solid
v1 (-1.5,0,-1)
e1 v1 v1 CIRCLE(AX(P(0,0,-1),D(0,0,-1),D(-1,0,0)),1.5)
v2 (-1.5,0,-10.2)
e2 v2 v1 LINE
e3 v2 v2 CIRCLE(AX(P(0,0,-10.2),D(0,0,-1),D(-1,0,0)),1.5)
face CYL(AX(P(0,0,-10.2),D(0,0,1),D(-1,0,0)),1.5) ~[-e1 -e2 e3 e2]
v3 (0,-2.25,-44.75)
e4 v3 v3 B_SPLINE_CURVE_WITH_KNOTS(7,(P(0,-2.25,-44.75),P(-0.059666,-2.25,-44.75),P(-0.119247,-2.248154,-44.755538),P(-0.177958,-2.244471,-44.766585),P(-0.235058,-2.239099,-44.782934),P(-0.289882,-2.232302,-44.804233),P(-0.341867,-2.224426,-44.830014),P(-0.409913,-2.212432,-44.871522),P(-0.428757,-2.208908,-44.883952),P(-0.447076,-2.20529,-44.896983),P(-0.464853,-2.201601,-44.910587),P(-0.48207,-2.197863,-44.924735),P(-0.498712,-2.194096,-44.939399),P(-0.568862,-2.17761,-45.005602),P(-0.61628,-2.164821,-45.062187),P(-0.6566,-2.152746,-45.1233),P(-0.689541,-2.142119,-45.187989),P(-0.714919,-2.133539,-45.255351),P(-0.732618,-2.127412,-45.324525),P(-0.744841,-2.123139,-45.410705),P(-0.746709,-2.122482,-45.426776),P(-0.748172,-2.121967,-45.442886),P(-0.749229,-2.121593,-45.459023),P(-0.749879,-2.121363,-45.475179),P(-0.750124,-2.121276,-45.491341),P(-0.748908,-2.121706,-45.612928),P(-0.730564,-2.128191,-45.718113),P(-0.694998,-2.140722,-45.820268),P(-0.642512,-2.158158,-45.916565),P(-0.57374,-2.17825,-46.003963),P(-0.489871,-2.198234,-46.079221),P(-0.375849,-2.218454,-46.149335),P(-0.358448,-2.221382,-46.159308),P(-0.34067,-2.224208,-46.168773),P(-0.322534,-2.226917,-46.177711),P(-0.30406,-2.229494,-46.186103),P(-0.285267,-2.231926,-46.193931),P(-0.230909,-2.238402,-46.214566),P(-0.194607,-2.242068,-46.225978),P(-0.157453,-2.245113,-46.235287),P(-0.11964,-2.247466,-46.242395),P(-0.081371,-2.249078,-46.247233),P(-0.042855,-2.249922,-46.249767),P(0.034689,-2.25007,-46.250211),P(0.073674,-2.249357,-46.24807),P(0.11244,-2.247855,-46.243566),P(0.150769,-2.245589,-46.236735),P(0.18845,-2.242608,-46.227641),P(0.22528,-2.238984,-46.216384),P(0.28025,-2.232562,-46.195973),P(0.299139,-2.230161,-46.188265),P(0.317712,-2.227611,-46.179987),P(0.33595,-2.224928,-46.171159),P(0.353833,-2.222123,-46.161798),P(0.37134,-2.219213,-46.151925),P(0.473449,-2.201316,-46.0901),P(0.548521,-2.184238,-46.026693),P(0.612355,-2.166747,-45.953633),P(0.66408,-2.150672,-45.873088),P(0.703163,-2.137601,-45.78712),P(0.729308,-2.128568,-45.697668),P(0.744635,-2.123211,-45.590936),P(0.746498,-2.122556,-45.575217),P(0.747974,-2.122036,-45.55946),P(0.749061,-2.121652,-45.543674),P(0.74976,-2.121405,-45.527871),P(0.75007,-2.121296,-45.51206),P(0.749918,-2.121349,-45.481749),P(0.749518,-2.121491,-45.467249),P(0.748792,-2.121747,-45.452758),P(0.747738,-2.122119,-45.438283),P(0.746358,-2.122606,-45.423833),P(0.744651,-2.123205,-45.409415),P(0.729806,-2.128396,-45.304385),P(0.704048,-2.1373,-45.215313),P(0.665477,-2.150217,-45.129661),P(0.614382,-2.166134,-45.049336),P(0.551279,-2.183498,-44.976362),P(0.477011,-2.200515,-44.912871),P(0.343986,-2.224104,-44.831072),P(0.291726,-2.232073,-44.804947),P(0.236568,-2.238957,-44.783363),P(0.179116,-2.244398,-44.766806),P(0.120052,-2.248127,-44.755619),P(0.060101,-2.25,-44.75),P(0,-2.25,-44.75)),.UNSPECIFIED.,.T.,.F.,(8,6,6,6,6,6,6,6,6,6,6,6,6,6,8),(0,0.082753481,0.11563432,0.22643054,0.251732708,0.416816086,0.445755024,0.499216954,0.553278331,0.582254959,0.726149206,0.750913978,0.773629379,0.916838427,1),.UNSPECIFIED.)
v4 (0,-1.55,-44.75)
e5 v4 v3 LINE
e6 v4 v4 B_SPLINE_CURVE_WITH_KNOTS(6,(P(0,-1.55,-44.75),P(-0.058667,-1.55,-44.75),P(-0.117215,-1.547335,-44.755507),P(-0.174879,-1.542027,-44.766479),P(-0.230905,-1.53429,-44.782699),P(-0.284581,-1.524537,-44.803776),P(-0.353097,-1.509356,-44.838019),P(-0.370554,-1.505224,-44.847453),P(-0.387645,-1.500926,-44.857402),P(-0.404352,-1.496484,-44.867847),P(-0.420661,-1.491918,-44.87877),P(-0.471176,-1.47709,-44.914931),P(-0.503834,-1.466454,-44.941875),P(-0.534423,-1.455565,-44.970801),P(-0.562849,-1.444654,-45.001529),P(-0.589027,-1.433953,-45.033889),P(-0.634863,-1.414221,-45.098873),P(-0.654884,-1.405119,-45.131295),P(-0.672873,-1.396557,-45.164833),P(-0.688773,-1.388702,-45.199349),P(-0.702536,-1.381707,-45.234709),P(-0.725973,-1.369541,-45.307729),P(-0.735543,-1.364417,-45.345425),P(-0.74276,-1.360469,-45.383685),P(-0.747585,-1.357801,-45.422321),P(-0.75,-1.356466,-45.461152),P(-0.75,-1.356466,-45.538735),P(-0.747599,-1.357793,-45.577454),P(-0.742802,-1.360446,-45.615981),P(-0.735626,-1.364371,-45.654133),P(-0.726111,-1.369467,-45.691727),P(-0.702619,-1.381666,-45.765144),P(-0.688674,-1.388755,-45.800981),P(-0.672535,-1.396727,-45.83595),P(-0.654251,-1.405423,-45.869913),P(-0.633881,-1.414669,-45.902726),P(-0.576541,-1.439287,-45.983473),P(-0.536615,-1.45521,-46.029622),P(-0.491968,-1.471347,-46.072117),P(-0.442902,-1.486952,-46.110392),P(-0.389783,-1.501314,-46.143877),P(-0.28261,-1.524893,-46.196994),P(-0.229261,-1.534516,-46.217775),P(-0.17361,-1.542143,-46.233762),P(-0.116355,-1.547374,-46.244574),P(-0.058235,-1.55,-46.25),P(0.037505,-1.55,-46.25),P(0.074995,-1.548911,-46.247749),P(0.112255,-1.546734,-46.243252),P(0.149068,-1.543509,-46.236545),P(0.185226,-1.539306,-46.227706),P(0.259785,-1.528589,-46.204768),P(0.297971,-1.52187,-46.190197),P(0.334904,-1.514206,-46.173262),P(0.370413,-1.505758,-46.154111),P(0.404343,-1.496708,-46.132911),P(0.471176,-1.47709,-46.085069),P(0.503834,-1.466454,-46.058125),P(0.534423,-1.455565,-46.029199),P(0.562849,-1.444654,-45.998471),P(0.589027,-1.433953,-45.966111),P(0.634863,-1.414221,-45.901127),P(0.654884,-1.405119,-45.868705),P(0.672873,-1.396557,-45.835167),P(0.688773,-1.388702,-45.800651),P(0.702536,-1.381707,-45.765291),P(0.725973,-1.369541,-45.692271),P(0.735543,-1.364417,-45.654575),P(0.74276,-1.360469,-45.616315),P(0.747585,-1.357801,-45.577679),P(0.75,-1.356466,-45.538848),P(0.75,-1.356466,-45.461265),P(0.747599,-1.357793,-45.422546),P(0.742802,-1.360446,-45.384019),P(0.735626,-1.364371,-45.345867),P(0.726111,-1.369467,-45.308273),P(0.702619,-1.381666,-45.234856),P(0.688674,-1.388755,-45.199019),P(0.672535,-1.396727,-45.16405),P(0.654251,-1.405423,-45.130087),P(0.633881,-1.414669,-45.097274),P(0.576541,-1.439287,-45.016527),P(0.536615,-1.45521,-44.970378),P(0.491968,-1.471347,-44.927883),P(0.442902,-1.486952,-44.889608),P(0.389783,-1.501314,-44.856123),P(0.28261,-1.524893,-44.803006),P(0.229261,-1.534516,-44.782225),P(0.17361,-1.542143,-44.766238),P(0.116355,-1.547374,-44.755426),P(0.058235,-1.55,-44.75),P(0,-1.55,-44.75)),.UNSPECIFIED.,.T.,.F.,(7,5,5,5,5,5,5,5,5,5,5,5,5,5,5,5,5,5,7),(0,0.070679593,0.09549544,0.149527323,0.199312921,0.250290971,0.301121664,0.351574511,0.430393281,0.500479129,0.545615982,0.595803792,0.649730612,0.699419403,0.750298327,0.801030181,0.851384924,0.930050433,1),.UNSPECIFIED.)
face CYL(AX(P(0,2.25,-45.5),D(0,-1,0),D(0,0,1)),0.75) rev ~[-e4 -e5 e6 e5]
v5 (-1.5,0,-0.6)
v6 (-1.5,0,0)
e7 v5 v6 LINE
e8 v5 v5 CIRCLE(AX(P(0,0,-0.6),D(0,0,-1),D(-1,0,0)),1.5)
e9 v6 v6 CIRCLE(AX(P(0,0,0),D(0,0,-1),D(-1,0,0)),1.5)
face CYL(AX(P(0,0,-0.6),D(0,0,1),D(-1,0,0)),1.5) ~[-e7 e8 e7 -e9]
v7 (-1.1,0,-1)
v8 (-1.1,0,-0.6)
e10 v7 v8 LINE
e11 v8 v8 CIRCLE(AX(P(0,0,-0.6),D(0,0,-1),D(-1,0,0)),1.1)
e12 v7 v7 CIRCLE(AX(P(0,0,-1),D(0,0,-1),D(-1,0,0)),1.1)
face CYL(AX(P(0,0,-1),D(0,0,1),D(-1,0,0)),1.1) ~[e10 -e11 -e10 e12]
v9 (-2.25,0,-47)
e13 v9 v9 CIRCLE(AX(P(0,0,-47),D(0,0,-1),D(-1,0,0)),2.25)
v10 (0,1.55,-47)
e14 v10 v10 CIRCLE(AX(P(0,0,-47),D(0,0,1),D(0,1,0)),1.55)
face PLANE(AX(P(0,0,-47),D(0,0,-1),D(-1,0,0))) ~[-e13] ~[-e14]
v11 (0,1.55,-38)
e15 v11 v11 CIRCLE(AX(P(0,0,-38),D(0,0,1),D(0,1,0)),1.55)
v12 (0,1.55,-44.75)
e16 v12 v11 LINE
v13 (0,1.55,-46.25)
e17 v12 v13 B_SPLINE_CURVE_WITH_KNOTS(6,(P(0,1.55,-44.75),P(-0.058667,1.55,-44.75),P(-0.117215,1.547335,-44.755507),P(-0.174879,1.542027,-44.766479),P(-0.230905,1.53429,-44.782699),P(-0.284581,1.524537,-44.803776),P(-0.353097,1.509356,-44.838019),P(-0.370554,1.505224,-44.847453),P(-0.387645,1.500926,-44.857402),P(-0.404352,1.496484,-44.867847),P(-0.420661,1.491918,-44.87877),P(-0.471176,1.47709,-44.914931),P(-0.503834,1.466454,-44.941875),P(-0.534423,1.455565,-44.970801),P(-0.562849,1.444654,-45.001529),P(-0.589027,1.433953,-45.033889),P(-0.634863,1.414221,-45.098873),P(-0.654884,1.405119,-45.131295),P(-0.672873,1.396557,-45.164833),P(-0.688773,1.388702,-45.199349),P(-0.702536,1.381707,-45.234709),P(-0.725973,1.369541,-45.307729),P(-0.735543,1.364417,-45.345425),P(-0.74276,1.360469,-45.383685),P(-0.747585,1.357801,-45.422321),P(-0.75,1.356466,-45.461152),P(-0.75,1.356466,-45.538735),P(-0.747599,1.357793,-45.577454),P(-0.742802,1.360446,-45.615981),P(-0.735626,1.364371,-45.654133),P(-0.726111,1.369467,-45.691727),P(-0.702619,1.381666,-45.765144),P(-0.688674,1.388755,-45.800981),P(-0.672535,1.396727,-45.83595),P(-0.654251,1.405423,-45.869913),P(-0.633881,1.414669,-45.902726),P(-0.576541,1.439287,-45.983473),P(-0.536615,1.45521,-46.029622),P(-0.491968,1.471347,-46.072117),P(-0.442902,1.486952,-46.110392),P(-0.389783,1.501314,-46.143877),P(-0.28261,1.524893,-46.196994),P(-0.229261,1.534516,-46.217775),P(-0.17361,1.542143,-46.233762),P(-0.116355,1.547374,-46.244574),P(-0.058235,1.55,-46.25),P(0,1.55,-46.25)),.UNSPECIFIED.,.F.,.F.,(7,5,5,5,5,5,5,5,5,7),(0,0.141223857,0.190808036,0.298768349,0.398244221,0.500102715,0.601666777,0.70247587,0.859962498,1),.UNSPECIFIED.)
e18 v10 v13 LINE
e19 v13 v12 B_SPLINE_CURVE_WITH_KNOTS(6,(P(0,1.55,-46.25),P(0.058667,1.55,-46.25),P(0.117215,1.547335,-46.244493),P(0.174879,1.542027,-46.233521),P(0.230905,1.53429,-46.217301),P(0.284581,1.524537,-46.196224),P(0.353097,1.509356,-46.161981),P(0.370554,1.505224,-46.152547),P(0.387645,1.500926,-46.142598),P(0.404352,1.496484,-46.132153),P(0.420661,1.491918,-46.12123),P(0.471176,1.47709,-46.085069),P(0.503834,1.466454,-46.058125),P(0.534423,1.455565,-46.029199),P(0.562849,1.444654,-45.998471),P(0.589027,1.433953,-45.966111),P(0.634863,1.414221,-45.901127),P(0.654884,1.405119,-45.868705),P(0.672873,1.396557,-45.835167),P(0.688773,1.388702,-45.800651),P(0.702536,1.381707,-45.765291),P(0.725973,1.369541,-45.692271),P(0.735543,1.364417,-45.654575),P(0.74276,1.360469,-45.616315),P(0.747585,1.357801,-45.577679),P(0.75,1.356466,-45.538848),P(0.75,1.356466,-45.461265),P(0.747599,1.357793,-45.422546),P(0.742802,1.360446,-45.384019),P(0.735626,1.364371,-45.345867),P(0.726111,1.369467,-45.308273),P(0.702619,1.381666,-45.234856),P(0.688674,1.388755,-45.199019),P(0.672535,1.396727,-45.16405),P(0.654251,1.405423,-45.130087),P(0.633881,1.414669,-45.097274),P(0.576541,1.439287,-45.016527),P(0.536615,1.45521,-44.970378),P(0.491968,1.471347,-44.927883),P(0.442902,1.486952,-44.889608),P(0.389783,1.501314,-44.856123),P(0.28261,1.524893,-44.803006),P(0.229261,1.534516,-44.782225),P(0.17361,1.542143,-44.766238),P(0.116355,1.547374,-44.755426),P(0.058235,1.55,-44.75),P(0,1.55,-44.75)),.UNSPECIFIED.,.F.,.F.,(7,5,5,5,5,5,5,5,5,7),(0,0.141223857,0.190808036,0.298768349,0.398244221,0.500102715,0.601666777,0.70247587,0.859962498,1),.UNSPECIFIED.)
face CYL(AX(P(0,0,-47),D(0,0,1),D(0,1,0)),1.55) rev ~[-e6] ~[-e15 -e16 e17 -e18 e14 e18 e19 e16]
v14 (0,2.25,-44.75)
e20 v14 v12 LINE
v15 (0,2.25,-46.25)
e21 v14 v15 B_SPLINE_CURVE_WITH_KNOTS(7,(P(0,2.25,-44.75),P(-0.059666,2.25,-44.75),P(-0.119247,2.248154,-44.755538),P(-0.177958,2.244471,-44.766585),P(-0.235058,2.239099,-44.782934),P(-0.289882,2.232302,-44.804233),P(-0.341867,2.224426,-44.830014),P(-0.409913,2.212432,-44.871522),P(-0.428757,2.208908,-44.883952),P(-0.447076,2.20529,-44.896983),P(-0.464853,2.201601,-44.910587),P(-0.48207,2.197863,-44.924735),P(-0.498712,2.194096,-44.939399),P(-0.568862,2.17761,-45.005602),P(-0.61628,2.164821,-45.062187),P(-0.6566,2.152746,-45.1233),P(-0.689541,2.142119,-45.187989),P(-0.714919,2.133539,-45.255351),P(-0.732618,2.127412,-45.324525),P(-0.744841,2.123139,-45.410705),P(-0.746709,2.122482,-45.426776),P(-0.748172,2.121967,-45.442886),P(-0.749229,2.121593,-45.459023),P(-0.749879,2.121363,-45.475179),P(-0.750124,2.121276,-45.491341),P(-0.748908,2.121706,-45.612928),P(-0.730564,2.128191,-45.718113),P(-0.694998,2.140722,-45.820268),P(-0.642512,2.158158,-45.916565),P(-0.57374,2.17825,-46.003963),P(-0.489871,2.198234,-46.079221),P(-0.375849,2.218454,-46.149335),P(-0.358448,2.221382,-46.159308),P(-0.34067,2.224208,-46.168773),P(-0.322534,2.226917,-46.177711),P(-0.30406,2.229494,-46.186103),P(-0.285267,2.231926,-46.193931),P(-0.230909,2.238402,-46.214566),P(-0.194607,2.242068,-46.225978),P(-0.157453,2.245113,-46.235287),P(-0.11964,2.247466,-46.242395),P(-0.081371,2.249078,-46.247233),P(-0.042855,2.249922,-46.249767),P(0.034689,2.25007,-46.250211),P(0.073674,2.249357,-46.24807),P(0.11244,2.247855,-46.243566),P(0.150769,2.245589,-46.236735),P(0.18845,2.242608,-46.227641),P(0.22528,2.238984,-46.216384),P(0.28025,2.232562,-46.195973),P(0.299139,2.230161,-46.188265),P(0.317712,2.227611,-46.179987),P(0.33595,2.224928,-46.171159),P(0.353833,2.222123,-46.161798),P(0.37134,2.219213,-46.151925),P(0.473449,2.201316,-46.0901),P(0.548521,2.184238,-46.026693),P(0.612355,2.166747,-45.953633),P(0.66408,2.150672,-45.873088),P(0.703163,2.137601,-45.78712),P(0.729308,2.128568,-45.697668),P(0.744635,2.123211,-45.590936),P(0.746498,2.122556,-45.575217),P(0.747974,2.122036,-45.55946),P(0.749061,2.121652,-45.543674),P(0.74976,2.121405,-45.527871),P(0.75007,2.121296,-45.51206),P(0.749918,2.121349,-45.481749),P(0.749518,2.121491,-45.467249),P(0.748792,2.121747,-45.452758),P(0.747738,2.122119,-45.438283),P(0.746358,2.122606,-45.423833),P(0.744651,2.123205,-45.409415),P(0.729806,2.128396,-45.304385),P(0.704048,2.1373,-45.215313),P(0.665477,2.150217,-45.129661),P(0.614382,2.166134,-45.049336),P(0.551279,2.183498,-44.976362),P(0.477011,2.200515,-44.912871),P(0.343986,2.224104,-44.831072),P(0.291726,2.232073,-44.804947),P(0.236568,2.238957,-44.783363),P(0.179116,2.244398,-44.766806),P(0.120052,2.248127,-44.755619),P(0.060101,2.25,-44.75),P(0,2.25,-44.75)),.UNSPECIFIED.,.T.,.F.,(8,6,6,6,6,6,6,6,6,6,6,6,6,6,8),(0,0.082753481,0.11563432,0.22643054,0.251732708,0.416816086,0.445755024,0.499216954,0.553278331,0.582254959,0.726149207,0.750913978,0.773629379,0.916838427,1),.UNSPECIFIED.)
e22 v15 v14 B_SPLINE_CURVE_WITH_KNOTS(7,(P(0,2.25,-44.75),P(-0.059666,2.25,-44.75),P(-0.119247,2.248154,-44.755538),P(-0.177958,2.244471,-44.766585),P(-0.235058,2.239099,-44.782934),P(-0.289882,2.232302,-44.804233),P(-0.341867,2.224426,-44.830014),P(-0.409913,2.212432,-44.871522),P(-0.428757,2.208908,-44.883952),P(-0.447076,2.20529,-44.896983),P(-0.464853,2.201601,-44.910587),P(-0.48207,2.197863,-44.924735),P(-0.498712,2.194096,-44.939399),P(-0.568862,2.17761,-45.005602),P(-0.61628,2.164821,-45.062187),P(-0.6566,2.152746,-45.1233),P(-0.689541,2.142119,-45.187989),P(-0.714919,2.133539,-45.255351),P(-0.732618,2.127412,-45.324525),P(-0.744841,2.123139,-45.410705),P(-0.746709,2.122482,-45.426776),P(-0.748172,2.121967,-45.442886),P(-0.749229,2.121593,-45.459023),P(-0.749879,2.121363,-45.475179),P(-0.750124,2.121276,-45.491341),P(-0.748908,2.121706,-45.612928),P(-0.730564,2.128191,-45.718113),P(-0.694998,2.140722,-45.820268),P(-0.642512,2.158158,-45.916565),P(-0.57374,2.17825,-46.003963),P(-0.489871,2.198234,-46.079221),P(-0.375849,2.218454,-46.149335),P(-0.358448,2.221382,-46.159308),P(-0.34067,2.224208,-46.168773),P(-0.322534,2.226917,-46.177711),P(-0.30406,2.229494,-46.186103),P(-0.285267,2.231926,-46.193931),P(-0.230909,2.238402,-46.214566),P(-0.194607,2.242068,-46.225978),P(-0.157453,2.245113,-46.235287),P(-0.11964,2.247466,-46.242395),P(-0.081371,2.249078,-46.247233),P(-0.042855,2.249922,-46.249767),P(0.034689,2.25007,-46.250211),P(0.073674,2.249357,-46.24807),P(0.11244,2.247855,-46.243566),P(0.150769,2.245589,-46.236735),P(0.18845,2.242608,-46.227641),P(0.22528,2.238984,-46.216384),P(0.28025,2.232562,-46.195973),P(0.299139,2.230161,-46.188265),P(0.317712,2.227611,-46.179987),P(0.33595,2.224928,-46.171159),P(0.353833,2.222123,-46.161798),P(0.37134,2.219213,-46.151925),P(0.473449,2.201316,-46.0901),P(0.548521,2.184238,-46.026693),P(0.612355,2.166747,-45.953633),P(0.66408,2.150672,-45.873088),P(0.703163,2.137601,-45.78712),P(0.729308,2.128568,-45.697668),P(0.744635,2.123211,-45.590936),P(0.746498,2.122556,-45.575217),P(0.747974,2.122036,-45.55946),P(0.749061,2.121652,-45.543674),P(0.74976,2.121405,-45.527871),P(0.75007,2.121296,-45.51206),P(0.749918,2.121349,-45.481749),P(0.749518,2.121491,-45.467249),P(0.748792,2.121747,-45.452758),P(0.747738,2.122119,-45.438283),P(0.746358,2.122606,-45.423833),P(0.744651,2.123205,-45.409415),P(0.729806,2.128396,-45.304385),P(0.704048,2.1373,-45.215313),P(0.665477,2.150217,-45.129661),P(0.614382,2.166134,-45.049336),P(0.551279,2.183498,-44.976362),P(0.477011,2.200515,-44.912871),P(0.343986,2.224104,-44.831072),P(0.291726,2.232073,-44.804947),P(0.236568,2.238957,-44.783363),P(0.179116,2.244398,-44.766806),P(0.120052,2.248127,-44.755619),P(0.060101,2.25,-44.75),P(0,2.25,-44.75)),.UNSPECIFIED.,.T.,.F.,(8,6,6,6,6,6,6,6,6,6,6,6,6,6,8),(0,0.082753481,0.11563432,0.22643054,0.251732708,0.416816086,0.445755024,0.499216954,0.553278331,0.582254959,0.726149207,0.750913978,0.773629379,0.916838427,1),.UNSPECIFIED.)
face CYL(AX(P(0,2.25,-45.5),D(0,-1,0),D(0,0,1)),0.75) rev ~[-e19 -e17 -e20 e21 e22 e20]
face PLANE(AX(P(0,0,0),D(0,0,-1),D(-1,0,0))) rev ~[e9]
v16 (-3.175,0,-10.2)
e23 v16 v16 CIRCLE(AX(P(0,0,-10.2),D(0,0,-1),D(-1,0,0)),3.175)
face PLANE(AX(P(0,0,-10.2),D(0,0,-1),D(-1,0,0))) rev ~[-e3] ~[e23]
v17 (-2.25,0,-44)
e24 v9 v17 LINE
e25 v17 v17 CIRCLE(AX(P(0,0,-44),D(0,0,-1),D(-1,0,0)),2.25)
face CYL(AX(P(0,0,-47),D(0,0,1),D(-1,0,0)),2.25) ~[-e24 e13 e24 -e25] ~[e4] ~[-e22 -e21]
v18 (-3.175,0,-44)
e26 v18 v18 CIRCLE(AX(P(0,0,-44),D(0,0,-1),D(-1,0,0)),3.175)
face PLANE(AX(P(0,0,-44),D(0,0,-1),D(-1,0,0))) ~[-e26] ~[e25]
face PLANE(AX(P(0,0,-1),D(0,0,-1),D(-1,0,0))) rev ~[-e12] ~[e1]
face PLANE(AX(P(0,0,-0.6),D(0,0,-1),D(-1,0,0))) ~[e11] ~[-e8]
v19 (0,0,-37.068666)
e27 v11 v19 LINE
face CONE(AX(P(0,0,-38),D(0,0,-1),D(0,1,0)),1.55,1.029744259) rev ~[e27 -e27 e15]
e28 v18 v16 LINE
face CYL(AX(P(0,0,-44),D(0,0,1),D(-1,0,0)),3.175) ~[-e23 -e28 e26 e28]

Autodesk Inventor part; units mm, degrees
ref_plane "YZ Plane" through (0, 0, 0) normal (1, 0, 0) x (0, 1, 0)
ref_plane "XY Plane" through (0, 0, 0) normal (0, 0, 1) x (1, 0, 0)
sketch "Sketch1" plane through (0, 0, 0) normal (0, 1, 0) x (-1, 0, 0)
  line L0 (0, 9.9065) -> (0, -47)
  line L1 (0, -47) -> (2.25, -47)
  line L2 (2.25, -47) -> (2.25, -44)
  line L3 (2.25, -44) -> (3.175, -44)
  line L4 (3.175, -44) -> (3.175, -10.2)
  line L5 (3.175, -10.2) -> (1.5, -10.2)
  line L6 (1.5, -10.2) -> (1.5, -1)
  line L7 (1.5, -1) -> (1.1, -1)
  line L8 (1.1, -1) -> (1.1, -0.6)
  line L9 (1.1, -0.6) -> (1.5, -0.6)
  line L10 (1.5, -0.6) -> (1.5, 0)
  line L11 (1.5, 0) -> (0, 0)
  dimension "d0" = 33.8
  dimension "d1" = 3
  dimension "d2" = 10.2
  dimension "d3" = 4.5
  dimension "d4" = 6.35
  dimension "d5" = 3
  dimension "d6" = 0.4
  dimension "d7" = 2.2
  dimension "d29" = 1
revolve "Revolution1" add sketch "Sketch1" angle 360 about axis through (0, 0, 9.9065) along (0, 0, -1)
thread "Thread1" size "M7x1" class "6g" standard "ANSI Metric M Profile" full length
ref_plane "Work Plane1" through (0, 2.25, -45.5) normal (0, 1, 0) x (-1, 0, 0)
sketch "Sketch2" plane through (0, 2.25, -45.5) normal (0, 1, 0) x (-1, 0, 0)
  line L0 (-2.25, -1.5) -> (2.25, -1.5) projected
  line L1 (0, -1.5) -> (0, 45.5) construction
  point P0 (0, 0)
  dimension "d12" = 1.5
hole "Hole1" at (0, 2.25, -45.5) direction (0, -1, 0) diameter 1.5 end through all
hole "Hole2" at (0, 0, -47) direction (0, 0, 1) diameter 3.1 depth 9 tip angle 118
properties part number "igus_6.35x2.54_screw"
